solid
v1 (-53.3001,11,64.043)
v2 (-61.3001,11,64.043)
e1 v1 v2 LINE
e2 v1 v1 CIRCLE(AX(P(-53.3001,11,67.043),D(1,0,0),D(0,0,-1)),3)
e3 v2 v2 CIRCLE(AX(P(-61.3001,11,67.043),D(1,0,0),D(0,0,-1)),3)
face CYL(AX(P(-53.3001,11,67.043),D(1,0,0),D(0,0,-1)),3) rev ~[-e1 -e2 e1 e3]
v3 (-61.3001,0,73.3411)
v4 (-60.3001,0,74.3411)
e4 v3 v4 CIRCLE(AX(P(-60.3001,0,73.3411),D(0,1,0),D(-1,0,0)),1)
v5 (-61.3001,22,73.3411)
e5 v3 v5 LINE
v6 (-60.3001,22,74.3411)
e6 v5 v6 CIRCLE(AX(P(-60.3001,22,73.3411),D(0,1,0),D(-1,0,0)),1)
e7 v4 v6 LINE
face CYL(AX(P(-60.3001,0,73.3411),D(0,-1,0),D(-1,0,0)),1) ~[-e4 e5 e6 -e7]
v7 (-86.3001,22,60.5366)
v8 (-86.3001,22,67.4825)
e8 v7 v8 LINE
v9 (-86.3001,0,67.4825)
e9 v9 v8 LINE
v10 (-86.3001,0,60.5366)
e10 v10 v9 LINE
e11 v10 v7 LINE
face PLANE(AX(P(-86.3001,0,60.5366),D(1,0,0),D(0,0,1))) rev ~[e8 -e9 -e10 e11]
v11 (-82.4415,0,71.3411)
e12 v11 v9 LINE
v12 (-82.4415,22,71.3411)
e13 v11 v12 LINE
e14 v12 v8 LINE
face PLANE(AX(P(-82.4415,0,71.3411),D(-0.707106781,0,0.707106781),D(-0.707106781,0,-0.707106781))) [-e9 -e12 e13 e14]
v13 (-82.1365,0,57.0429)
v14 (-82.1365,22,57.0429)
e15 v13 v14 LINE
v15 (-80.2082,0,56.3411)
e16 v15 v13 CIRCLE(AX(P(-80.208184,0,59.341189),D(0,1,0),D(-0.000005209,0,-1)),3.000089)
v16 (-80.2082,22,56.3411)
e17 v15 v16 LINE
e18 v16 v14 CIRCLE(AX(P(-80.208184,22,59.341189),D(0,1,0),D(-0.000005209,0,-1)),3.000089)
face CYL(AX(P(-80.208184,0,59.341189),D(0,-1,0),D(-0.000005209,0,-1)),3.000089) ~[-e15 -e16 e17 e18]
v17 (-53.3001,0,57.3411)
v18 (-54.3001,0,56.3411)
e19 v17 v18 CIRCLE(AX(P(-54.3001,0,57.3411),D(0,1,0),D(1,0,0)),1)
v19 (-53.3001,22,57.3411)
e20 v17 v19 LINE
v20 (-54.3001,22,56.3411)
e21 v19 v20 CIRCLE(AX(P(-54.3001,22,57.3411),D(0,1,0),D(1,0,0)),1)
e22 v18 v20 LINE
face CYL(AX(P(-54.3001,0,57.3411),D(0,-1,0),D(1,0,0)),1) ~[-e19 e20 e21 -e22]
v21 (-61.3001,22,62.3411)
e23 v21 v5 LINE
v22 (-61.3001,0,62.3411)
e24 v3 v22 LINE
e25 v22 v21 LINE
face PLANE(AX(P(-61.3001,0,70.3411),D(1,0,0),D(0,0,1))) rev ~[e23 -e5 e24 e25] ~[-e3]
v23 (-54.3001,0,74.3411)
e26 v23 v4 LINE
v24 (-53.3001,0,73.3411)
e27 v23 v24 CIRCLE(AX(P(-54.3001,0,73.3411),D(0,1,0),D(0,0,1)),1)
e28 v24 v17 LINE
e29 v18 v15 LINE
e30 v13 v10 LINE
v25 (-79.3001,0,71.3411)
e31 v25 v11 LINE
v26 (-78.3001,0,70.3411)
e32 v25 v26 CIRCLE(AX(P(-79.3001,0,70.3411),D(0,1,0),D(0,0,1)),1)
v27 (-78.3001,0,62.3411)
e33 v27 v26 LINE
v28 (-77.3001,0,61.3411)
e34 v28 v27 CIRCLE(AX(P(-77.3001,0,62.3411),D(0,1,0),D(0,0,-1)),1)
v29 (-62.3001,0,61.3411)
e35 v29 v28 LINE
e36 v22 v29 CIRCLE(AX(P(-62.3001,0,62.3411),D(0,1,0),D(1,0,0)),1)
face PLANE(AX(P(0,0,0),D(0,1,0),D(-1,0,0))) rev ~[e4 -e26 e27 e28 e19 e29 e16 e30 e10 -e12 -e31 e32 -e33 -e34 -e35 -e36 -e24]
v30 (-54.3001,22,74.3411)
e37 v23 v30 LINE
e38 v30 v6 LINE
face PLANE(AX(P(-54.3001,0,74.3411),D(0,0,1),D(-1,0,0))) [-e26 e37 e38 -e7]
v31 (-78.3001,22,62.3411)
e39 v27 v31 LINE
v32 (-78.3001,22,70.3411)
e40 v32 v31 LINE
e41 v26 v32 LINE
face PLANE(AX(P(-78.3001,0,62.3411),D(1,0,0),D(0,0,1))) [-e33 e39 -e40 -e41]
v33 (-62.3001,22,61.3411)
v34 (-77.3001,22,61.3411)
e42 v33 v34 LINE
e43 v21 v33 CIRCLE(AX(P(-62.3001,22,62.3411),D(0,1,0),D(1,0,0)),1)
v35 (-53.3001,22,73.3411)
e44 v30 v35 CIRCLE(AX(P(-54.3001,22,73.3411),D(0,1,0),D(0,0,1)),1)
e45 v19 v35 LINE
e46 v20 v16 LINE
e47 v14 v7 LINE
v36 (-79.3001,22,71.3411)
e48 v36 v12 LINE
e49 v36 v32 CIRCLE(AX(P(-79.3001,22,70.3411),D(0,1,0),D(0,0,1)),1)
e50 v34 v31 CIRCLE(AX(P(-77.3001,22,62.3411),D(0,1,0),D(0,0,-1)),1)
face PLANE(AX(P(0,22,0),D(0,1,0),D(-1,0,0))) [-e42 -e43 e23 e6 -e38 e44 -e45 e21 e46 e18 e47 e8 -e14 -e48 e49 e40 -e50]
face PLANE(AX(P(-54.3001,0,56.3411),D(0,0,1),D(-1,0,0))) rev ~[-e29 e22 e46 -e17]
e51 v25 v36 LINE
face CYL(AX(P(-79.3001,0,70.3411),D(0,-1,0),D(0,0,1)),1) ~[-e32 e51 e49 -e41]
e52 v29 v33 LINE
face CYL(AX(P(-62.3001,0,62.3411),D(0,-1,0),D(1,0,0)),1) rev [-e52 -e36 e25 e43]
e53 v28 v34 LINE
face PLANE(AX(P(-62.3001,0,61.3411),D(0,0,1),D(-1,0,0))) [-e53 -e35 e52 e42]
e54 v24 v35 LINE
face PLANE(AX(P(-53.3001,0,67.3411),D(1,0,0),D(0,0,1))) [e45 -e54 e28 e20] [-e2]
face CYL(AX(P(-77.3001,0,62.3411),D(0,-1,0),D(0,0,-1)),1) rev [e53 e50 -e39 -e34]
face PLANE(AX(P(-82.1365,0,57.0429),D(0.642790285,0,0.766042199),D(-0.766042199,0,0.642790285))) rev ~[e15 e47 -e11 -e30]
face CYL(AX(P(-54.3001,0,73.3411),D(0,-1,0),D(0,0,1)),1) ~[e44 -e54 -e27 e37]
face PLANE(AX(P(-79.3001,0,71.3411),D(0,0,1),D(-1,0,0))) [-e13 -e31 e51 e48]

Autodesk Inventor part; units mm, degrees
ref_plane "YZ Plane" through (0, 0, 0) normal (1, 0, 0) x (0, 1, 0)
ref_plane "XZ Plane" through (0, 0, 0) normal (0, 1, 0) x (-1, 0, 0)
ref_plane "XY Plane" through (0, 0, 0) normal (0, 0, 1) x (1, 0, 0)
sketch "スケッチ1" plane through (0, 0, 0) normal (0, 1, 0) x (-1, 0, 0)
  line L0 (-49.8489, 61.5411) -> (-49.8489, 83.4411)
  line L1 (-49.8489, 83.4411) -> (10.1511, 83.4411)
  line L2 (10.1511, 83.4411) -> (10.1511, 61.5411)
  line L3 (10.1511, 61.5411) -> (-8.8489, 61.5411)
  line L4 (-8.8489, 56.3412) -> (-8.8489, 74.3411)
  line L5 (-8.8489, 74.3411) -> (-15.9758, 74.3411)
  line L6 (-23.7218, 74.3411) -> (-30.8489, 74.3411)
  line L7 (-30.8489, 74.3411) -> (-30.8489, 56.3412)
  line L8 (-30.8489, 56.3411) -> (-8.8489, 56.3411)
  circle A0 centre (-19.8489, 67.3411) radius 8
  circle A1 centre (-19.8489, 67.3411) radius 7.5
  line L9 (-30.8489, 61.5411) -> (-49.8489, 61.5411)
  line L10 (-49.8489, 75.5411) -> (10.1511, 75.5411)
  line L11 (53.2984, 117.706) -> (53.2984, 177.706)
  line L12 (53.2984, 177.706) -> (143.2984, 177.706)
  line L13 (143.2984, 177.706) -> (143.2984, 117.706)
  line L14 (143.2984, 117.706) -> (53.2984, 117.706)
  circle A2 centre (83.9984, 122.706) radius 1.5
  circle A3 centre (83.9984, 147.706) radius 1.5
  circle A4 centre (93.9984, 147.706) radius 2.25
  circle A5 centre (83.9984, 172.706) radius 1.5
  circle A6 centre (108.9984, 172.706) radius 1.5
  circle A7 centre (133.9984, 172.706) radius 1.5
  circle A8 centre (133.9984, 147.706) radius 1.5
  circle A9 centre (123.9984, 147.706) radius 2.25
  circle A10 centre (108.9984, 147.706) radius 7.5
  circle A11 centre (108.9984, 122.706) radius 1.5
  circle A12 centre (133.9984, 122.706) radius 1.5
  line L15 (174.3262, 83.4411) -> (174.3262, 61.5411)
  line L16 (174.3262, 61.5411) -> (193.3262, 61.5411)
  line L17 (193.3262, 65.4411) -> (193.3262, 56.3412)
  line L18 (193.3262, 56.3411) -> (215.3262, 56.3411)
  line L19 (215.3262, 56.3412) -> (215.3262, 65.4411)
  line L20 (215.3262, 61.5411) -> (234.3263, 61.5411)
  line L21 (234.3263, 61.5411) -> (234.3263, 83.4411)
  line L22 (234.3263, 83.4411) -> (174.3262, 83.4411)
  line L23 (234.3263, 65.4411) -> (174.3262, 65.4411)
  line L24 (143.2984, 25.0403) -> (53.2984, 25.0403)
  line L25 (53.2984, 25.0403) -> (53.2984, -34.9597)
  line L26 (53.2984, -34.9597) -> (143.2984, -34.9597)
  line L27 (143.2984, -34.9597) -> (143.2984, 25.0403)
  line L28 (131.5644, 25.0403) -> (131.5644, -34.9597)
  circle A13 centre (108.9984, -29.9597) radius 1.5
  circle A14 centre (108.9984, -4.9597) radius 7.5
  circle A15 centre (123.9984, -4.9597) radius 2.25
  circle A16 centre (123.9984, -4.9597) radius 4
  circle A17 centre (108.9984, 20.0403) radius 1.5
  circle A18 centre (83.9984, 20.0403) radius 1.5
  line L29 (73.2984, 25.0403) -> (73.2984, 6.0403)
  line L30 (86.3001, -15.9597) -> (86.3001, 6.0403)
  line L31 (86.3001, 6.0403) -> (53.3001, 6.0403)
  line L32 (53.3001, 6.0403) -> (53.3001, -15.9597)
  line L33 (53.3001, -15.9597) -> (86.3001, -15.9597)
  line L34 (73.2984, -15.9597) -> (73.2984, -34.9597)
  line L35 (63.2984, -34.9597) -> (63.2984, -15.9597)
  line L36 (63.2984, 6.0403) -> (63.2984, 25.0403)
  circle A19 centre (83.9984, -29.9597) radius 1.5
  circle A20 centre (93.9984, -4.9597) radius 2.25
  circle A21 centre (93.9984, -4.9597) radius 4
  line L37 (-19.8489, 49.2711) -> (-19.8489, 87.2696)
  line L38 (-6.1616, 67.3411) -> (-35.9585, 67.3411)
  line L39 (83.9984, 23.5784) -> (83.9984, 16.5836)
  circle A22 centre (83.9984, 20.0403) radius 2
  line L40 (80.6576, 20.0403) -> (87.5893, 20.0403)
  line L41 (93.9984, 1.0394) -> (93.9984, -10.6526)
  line L42 (83.9984, -26.503) -> (83.9984, -33.4978)
  circle A23 centre (83.9984, -29.9597) radius 2
  line L43 (80.6576, -29.9597) -> (87.5893, -29.9597)
  line L44 (29.8273, -4.9597) -> (148.6488, -4.9597)
  line L45 (123.9984, -10.6526) -> (123.9984, 1.0394)
  line L46 (112.4368, 20.0403) -> (105.6741, 20.0403)
  circle A24 centre (108.9984, 20.0403) radius 2
  line L47 (108.9984, 32.4142) -> (108.9984, -41.5197)
  circle A25 centre (108.9984, -29.9597) radius 2
  line L48 (105.4074, -29.9597) -> (112.8092, -29.9597)
  circle A26 centre (108.9984, -4.9597) radius 8
  line L49 (108.9984, 111.8823) -> (108.9984, 183.8068)
  circle A27 centre (108.9984, 172.706) radius 2
  line L50 (105.6741, 172.706) -> (112.4368, 172.706)
  line L51 (130.4749, 172.706) -> (137.3391, 172.706)
  circle A28 centre (133.9984, 172.706) radius 2
  line L52 (133.9984, 169.2493) -> (133.9984, 176.2441)
  line L53 (123.9984, 153.3988) -> (123.9984, 141.7069)
  circle A29 centre (123.9984, 147.706) radius 4
  circle A30 centre (133.9984, 147.706) radius 2
  line L54 (133.9984, 151.0572) -> (133.9984, 144.2493)
  line L55 (148.6488, 147.706) -> (29.8273, 147.706)
  circle A31 centre (83.9984, 147.706) radius 2
  line L56 (83.9984, 151.0572) -> (83.9984, 144.2493)
  line L57 (93.9984, 141.7069) -> (93.9984, 153.3988)
  circle A32 centre (93.9984, 147.706) radius 4
  line L58 (83.9984, 169.2493) -> (83.9984, 176.2441)
  circle A33 centre (83.9984, 172.706) radius 2
  line L59 (80.6576, 172.706) -> (87.5893, 172.706)
  circle A34 centre (108.9984, 147.706) radius 8
  circle A35 centre (108.9984, 122.706) radius 2
  line L60 (105.4074, 122.706) -> (112.8092, 122.706)
  line L61 (130.8446, 122.706) -> (137.3391, 122.706)
  circle A36 centre (133.9984, 122.706) radius 2
  line L62 (133.9984, 126.1627) -> (133.9984, 119.1679)
  line L63 (87.5893, 122.706) -> (80.6576, 122.706)
  circle A37 centre (83.9984, 122.706) radius 2
  line L64 (83.9984, 126.1627) -> (83.9984, 119.1679)
  line L65 (204.3262, 87.2696) -> (204.3262, 49.2711)
  line L66 (176.3262, 70.0686) -> (232.3263, 70.0686)
  line L67 (82.1365, 4.0403) -> (82.1365, -13.9597)
  line L68 (51.8001, 144.706) -> (51.8001, 150.706)
  line L69 (53.2984, 150.706) -> (51.8001, 150.706)
  line L70 (53.2984, 144.706) -> (51.8001, 144.706)
  line L71 (33.8001, 155.206) -> (33.8001, 140.206)
  line L72 (33.8001, 140.206) -> (34.3001, 139.706)
  line L73 (34.3001, 139.706) -> (51.3001, 139.706)
  line L74 (51.3001, 139.706) -> (51.8001, 140.206)
  line L75 (51.8001, 140.206) -> (51.8001, 155.206)
  line L76 (51.8001, 155.206) -> (51.3001, 155.706)
  line L77 (51.3001, 155.706) -> (34.3001, 155.706)
  line L78 (34.3001, 155.706) -> (33.8001, 155.206)
  line L79 (34.3001, 155.706) -> (34.3001, 139.706)
  line L80 (51.3001, 139.706) -> (51.3001, 155.706)
  line L81 (51.8001, -7.9597) -> (51.8001, -1.9597)
  line L82 (53.3001, -1.9597) -> (51.8001, -1.9597)
  line L83 (53.3001, -7.9597) -> (51.8001, -7.9597)
  line L84 (33.8001, 2.5403) -> (33.8001, -12.4597)
  line L85 (33.8001, -12.4597) -> (34.3001, -12.9597)
  line L86 (34.3001, -12.9597) -> (51.3001, -12.9597)
  line L87 (51.3001, -12.9597) -> (51.8001, -12.4597)
  line L88 (51.8001, -12.4597) -> (51.8001, 2.5403)
  line L89 (51.8001, 2.5403) -> (51.3001, 3.0403)
  line L90 (51.3001, 3.0403) -> (34.3001, 3.0403)
  line L91 (34.3001, 3.0403) -> (33.8001, 2.5403)
  line L92 (34.3001, 3.0403) -> (34.3001, -12.9597)
  line L93 (51.3001, -12.9597) -> (51.3001, 3.0403)
  line L94 (28.0972, 67.3411) -> (83.3407, 67.3411)
  line L95 (82.8984, 75.4411) -> (90.6984, 75.4411)
  line L96 (127.3984, 75.4411) -> (133.1984, 75.4411)
  line L97 (134.7552, 70.5411) -> (131.5724, 67.3583)
  line L98 (82.4415, 71.3411) -> (86.3001, 67.4825)
  line L99 (78.3001, 69.4911) -> (75.8001, 69.4911)
  line L100 (78.3001, 65.1911) -> (75.8001, 65.1911)
  line L101 (75.8001, 64.8411) -> (75.8001, 69.8411)
  line L102 (75.3001, 70.3411) -> (73.1569, 70.3411)
  line L103 (75.3001, 64.3411) -> (73.1569, 64.3411)
  line L104 (75.8001, 69.8411) -> (73.1569, 69.8411)
  line L105 (75.8001, 64.8411) -> (73.1569, 64.8411)
  line L106 (51.8001, 64.3411) -> (51.8001, 70.3411)
  line L107 (53.3001, 70.3411) -> (51.8001, 70.3411)
  line L108 (53.3001, 64.3411) -> (51.8001, 64.3411)
  line L109 (33.8001, 74.8411) -> (33.8001, 59.8411)
  line L110 (33.8001, 59.8411) -> (34.3001, 59.3411)
  line L111 (34.3001, 59.3411) -> (51.3001, 59.3411)
  line L112 (51.3001, 59.3411) -> (51.8001, 59.8411)
  line L113 (51.8001, 59.8411) -> (51.8001, 74.8411)
  line L114 (51.8001, 74.8411) -> (51.3001, 75.3411)
  line L115 (51.3001, 75.3411) -> (34.3001, 75.3411)
  line L116 (34.3001, 75.3411) -> (33.8001, 74.8411)
  line L117 (34.3001, 75.3411) -> (34.3001, 59.3411)
  line L118 (51.3001, 59.3411) -> (51.3001, 75.3411)
  line L119 (54.3001, 74.3411) -> (60.3001, 74.3411)
  line L120 (54.3001, 56.3411) -> (80.2082, 56.3411)
  line L121 (53.3001, 57.3411) -> (53.3001, 73.3411)
  line L122 (86.3001, 60.5366) -> (86.3001, 67.4825)
  line L123 (61.3001, 62.3411) -> (61.3001, 73.3411)
  line L124 (62.3001, 61.3411) -> (77.3001, 61.3411)
  line L125 (78.3001, 62.3411) -> (78.3001, 70.3411)
  line L126 (79.3001, 71.3411) -> (82.4415, 71.3411)
  line L127 (82.1365, 57.0429) -> (86.3001, 60.5366)
  arc A38 (80.2082, 56.3411) -> (82.1365, 57.0429) centre (80.2082, 59.3411) ccw
  arc A39 (54.3001, 74.3411) -> (53.3001, 73.3411) centre (54.3001, 73.3411) ccw
  arc A40 (61.3001, 73.3411) -> (60.3001, 74.3411) centre (60.3001, 73.3411) ccw
  arc A41 (53.3001, 57.3411) -> (54.3001, 56.3411) centre (54.3001, 57.3411) ccw
  arc A42 (61.3001, 62.3411) -> (62.3001, 61.3411) centre (62.3001, 62.3411) ccw
  arc A43 (77.3001, 61.3411) -> (78.3001, 62.3411) centre (77.3001, 62.3411) ccw
  arc A44 (79.3001, 71.3411) -> (78.3001, 70.3411) centre (79.3001, 70.3411) ccw
  line L128 (63.1569, 70.3411) -> (61.3001, 70.3411)
  line L129 (63.1569, 69.8411) -> (61.3001, 69.8411)
  line L130 (63.1569, 64.8411) -> (61.3001, 64.8411)
  line L131 (63.1569, 64.3411) -> (61.3001, 64.3411)
  line L132 (75.3001, 70.3411) -> (75.8001, 69.8411)
  line L133 (75.3001, 64.3411) -> (75.8001, 64.8411)
  arc A45 (63.2984, 63.5411) -> (65.2984, 61.5411) centre (65.2984, 63.5411) ccw
  line L134 (65.2984, 61.5411) -> (71.2984, 61.5411)
  arc A46 (71.2984, 61.5411) -> (73.2984, 63.5411) centre (71.2984, 63.5411) ccw
  line L135 (73.2984, 63.5411) -> (73.2984, 75.0411)
  line L136 (135.2984, 75.8411) -> (135.2984, 70.7411)
  line L137 (143.2984, 72.6666) -> (143.2984, 83.4411)
  line L138 (143.2984, 83.4411) -> (53.2984, 83.4411)
  line L139 (53.2984, 83.4411) -> (53.2984, 76.5411)
  arc A47 (53.2984, 76.5411) -> (54.2984, 75.5411) centre (54.2984, 76.5411) ccw
  line L140 (54.2984, 75.5411) -> (62.2984, 75.5411)
  arc A48 (63.2984, 74.5411) -> (62.2984, 75.5411) centre (62.2984, 74.5411) ccw
  line L141 (63.2984, 74.5411) -> (63.2984, 63.5411)
  line L142 (74.2984, 76.0411) -> (82.2984, 76.0411)
  line L143 (133.7984, 76.0411) -> (133.1984, 75.4411)
  line L144 (127.3984, 75.4411) -> (126.7984, 76.0411)
  line L145 (90.6984, 75.4411) -> (91.2984, 76.0411)
  line L146 (82.8984, 75.4411) -> (82.2984, 76.0411)
  line L147 (91.2984, 76.0411) -> (126.7984, 76.0411)
  arc A49 (74.2984, 76.0411) -> (73.2984, 75.0411) centre (74.2984, 75.0411) ccw
  line L148 (133.7984, 76.0411) -> (135.0984, 76.0411)
  arc A50 (135.2984, 75.8411) -> (135.0984, 76.0411) centre (135.0984, 75.8411) ccw
  line L149 (135.0984, 70.5411) -> (134.7552, 70.5411)
  arc A51 (135.0984, 70.5411) -> (135.2984, 70.7411) centre (135.0984, 70.7411) ccw
  arc A52 (131.5724, 67.3583) -> (134.1894, 65.6755) centre (133.3144, 67.1911) ccw
  line L150 (134.1894, 65.6755) -> (141.7984, 70.0686)
  arc A53 (141.7984, 70.0686) -> (143.2984, 72.6666) centre (140.2984, 72.6666) ccw
  line L151 (124.9984, 127.8911) -> (124.9984, 123.5209)
  line L152 (127.1835, 125.706) -> (122.8133, 125.706)
  circle A54 centre (124.9984, 125.706) radius 1
  circle A55 centre (124.9984, 125.706) radius 1.5
  line L153 (124.9984, 167.5209) -> (124.9984, 171.8911)
  line L154 (127.1835, 169.706) -> (122.8133, 169.706)
  circle A56 centre (124.9984, 169.706) radius 1
  circle A57 centre (124.9984, 169.706) radius 1.5
  line L155 (58.9984, 127.8911) -> (58.9984, 123.5209)
  line L156 (61.1835, 125.706) -> (56.8133, 125.706)
  circle A58 centre (58.9984, 125.706) radius 1
  circle A59 centre (58.9984, 125.706) radius 1.5
  line L157 (58.9984, 167.5209) -> (58.9984, 171.8911)
  line L158 (61.1835, 169.706) -> (56.8133, 169.706)
  circle A60 centre (58.9984, 169.706) radius 1
  circle A61 centre (58.9984, 169.706) radius 1.5
  line L159 (34.3001, 154.706) -> (49.1751, 154.706)
  line L160 (34.3001, 153.706) -> (47.0501, 153.706)
  line L161 (34.3001, 152.706) -> (44.9251, 152.706)
  line L162 (34.3001, 151.706) -> (42.8001, 151.706)
  line L163 (34.3001, 150.706) -> (40.6751, 150.706)
  line L164 (34.3001, 149.706) -> (38.5501, 149.706)
  line L165 (34.3001, 148.706) -> (36.4251, 148.706)
  line L166 (34.3001, 2.0403) -> (49.1751, 2.0403)
  line L167 (34.3001, 1.0403) -> (47.0501, 1.0403)
  line L168 (34.3001, 0.0403) -> (44.9251, 0.0403)
  line L169 (34.3001, -0.9597) -> (42.8001, -0.9597)
  line L170 (34.3001, -1.9597) -> (40.6751, -1.9597)
  line L171 (34.3001, -2.9597) -> (38.5501, -2.9597)
  line L172 (34.3001, -3.9597) -> (36.4251, -3.9597)
  line L173 (108.9984, 51.8579) -> (108.9984, 88.7279)
  line L174 (34.3001, 74.3411) -> (49.1751, 74.3411)
  line L175 (34.3001, 73.3411) -> (47.0501, 73.3411)
  line L176 (34.3001, 72.3411) -> (44.9251, 72.3411)
  line L177 (34.3001, 71.3411) -> (42.8001, 71.3411)
  line L178 (34.3001, 70.3411) -> (40.6751, 70.3411)
  line L179 (34.3001, 69.3411) -> (38.5501, 69.3411)
  line L180 (34.3001, 68.3411) -> (36.4251, 68.3411)
  point P0 (0, 0)
  point P1 (209.8216, -24.5126)
  point P2 (209.8216, -11.7034)
  point P3 (82.1365, 57.0429)
extrude "押し出し1" add sketch "スケッチ1" along normal blind 22 contours L121 A39 L119 A40 L123 L94 | L94 L123 A42 L124 A43 L125 A44 L126 L98 L122 L127 A38 L120 A41 L121
sketch "スケッチ4" plane through (-53.3001, 0, 73.3411) normal (1, 0, 0) x (0, 0, -1)
  line L0 (16.2981, 0) -> (16.2981, 22) projected
  line L1 (16.2981, 11) -> (6.2981, 11) construction
  circle A0 centre (6.2981, 11) radius 3
  point P0 (73.3411, 0)
  dimension "d5" = 10
  dimension "d6" = 6
extrude "押し出し2" cut sketch "スケッチ4" against normal blind 10
thread "ねじ1" size "M6x1" class "6H" standard "ANSI Metric M Profile" full length
properties part number "carrier_holder" material "UHMW、黒"
